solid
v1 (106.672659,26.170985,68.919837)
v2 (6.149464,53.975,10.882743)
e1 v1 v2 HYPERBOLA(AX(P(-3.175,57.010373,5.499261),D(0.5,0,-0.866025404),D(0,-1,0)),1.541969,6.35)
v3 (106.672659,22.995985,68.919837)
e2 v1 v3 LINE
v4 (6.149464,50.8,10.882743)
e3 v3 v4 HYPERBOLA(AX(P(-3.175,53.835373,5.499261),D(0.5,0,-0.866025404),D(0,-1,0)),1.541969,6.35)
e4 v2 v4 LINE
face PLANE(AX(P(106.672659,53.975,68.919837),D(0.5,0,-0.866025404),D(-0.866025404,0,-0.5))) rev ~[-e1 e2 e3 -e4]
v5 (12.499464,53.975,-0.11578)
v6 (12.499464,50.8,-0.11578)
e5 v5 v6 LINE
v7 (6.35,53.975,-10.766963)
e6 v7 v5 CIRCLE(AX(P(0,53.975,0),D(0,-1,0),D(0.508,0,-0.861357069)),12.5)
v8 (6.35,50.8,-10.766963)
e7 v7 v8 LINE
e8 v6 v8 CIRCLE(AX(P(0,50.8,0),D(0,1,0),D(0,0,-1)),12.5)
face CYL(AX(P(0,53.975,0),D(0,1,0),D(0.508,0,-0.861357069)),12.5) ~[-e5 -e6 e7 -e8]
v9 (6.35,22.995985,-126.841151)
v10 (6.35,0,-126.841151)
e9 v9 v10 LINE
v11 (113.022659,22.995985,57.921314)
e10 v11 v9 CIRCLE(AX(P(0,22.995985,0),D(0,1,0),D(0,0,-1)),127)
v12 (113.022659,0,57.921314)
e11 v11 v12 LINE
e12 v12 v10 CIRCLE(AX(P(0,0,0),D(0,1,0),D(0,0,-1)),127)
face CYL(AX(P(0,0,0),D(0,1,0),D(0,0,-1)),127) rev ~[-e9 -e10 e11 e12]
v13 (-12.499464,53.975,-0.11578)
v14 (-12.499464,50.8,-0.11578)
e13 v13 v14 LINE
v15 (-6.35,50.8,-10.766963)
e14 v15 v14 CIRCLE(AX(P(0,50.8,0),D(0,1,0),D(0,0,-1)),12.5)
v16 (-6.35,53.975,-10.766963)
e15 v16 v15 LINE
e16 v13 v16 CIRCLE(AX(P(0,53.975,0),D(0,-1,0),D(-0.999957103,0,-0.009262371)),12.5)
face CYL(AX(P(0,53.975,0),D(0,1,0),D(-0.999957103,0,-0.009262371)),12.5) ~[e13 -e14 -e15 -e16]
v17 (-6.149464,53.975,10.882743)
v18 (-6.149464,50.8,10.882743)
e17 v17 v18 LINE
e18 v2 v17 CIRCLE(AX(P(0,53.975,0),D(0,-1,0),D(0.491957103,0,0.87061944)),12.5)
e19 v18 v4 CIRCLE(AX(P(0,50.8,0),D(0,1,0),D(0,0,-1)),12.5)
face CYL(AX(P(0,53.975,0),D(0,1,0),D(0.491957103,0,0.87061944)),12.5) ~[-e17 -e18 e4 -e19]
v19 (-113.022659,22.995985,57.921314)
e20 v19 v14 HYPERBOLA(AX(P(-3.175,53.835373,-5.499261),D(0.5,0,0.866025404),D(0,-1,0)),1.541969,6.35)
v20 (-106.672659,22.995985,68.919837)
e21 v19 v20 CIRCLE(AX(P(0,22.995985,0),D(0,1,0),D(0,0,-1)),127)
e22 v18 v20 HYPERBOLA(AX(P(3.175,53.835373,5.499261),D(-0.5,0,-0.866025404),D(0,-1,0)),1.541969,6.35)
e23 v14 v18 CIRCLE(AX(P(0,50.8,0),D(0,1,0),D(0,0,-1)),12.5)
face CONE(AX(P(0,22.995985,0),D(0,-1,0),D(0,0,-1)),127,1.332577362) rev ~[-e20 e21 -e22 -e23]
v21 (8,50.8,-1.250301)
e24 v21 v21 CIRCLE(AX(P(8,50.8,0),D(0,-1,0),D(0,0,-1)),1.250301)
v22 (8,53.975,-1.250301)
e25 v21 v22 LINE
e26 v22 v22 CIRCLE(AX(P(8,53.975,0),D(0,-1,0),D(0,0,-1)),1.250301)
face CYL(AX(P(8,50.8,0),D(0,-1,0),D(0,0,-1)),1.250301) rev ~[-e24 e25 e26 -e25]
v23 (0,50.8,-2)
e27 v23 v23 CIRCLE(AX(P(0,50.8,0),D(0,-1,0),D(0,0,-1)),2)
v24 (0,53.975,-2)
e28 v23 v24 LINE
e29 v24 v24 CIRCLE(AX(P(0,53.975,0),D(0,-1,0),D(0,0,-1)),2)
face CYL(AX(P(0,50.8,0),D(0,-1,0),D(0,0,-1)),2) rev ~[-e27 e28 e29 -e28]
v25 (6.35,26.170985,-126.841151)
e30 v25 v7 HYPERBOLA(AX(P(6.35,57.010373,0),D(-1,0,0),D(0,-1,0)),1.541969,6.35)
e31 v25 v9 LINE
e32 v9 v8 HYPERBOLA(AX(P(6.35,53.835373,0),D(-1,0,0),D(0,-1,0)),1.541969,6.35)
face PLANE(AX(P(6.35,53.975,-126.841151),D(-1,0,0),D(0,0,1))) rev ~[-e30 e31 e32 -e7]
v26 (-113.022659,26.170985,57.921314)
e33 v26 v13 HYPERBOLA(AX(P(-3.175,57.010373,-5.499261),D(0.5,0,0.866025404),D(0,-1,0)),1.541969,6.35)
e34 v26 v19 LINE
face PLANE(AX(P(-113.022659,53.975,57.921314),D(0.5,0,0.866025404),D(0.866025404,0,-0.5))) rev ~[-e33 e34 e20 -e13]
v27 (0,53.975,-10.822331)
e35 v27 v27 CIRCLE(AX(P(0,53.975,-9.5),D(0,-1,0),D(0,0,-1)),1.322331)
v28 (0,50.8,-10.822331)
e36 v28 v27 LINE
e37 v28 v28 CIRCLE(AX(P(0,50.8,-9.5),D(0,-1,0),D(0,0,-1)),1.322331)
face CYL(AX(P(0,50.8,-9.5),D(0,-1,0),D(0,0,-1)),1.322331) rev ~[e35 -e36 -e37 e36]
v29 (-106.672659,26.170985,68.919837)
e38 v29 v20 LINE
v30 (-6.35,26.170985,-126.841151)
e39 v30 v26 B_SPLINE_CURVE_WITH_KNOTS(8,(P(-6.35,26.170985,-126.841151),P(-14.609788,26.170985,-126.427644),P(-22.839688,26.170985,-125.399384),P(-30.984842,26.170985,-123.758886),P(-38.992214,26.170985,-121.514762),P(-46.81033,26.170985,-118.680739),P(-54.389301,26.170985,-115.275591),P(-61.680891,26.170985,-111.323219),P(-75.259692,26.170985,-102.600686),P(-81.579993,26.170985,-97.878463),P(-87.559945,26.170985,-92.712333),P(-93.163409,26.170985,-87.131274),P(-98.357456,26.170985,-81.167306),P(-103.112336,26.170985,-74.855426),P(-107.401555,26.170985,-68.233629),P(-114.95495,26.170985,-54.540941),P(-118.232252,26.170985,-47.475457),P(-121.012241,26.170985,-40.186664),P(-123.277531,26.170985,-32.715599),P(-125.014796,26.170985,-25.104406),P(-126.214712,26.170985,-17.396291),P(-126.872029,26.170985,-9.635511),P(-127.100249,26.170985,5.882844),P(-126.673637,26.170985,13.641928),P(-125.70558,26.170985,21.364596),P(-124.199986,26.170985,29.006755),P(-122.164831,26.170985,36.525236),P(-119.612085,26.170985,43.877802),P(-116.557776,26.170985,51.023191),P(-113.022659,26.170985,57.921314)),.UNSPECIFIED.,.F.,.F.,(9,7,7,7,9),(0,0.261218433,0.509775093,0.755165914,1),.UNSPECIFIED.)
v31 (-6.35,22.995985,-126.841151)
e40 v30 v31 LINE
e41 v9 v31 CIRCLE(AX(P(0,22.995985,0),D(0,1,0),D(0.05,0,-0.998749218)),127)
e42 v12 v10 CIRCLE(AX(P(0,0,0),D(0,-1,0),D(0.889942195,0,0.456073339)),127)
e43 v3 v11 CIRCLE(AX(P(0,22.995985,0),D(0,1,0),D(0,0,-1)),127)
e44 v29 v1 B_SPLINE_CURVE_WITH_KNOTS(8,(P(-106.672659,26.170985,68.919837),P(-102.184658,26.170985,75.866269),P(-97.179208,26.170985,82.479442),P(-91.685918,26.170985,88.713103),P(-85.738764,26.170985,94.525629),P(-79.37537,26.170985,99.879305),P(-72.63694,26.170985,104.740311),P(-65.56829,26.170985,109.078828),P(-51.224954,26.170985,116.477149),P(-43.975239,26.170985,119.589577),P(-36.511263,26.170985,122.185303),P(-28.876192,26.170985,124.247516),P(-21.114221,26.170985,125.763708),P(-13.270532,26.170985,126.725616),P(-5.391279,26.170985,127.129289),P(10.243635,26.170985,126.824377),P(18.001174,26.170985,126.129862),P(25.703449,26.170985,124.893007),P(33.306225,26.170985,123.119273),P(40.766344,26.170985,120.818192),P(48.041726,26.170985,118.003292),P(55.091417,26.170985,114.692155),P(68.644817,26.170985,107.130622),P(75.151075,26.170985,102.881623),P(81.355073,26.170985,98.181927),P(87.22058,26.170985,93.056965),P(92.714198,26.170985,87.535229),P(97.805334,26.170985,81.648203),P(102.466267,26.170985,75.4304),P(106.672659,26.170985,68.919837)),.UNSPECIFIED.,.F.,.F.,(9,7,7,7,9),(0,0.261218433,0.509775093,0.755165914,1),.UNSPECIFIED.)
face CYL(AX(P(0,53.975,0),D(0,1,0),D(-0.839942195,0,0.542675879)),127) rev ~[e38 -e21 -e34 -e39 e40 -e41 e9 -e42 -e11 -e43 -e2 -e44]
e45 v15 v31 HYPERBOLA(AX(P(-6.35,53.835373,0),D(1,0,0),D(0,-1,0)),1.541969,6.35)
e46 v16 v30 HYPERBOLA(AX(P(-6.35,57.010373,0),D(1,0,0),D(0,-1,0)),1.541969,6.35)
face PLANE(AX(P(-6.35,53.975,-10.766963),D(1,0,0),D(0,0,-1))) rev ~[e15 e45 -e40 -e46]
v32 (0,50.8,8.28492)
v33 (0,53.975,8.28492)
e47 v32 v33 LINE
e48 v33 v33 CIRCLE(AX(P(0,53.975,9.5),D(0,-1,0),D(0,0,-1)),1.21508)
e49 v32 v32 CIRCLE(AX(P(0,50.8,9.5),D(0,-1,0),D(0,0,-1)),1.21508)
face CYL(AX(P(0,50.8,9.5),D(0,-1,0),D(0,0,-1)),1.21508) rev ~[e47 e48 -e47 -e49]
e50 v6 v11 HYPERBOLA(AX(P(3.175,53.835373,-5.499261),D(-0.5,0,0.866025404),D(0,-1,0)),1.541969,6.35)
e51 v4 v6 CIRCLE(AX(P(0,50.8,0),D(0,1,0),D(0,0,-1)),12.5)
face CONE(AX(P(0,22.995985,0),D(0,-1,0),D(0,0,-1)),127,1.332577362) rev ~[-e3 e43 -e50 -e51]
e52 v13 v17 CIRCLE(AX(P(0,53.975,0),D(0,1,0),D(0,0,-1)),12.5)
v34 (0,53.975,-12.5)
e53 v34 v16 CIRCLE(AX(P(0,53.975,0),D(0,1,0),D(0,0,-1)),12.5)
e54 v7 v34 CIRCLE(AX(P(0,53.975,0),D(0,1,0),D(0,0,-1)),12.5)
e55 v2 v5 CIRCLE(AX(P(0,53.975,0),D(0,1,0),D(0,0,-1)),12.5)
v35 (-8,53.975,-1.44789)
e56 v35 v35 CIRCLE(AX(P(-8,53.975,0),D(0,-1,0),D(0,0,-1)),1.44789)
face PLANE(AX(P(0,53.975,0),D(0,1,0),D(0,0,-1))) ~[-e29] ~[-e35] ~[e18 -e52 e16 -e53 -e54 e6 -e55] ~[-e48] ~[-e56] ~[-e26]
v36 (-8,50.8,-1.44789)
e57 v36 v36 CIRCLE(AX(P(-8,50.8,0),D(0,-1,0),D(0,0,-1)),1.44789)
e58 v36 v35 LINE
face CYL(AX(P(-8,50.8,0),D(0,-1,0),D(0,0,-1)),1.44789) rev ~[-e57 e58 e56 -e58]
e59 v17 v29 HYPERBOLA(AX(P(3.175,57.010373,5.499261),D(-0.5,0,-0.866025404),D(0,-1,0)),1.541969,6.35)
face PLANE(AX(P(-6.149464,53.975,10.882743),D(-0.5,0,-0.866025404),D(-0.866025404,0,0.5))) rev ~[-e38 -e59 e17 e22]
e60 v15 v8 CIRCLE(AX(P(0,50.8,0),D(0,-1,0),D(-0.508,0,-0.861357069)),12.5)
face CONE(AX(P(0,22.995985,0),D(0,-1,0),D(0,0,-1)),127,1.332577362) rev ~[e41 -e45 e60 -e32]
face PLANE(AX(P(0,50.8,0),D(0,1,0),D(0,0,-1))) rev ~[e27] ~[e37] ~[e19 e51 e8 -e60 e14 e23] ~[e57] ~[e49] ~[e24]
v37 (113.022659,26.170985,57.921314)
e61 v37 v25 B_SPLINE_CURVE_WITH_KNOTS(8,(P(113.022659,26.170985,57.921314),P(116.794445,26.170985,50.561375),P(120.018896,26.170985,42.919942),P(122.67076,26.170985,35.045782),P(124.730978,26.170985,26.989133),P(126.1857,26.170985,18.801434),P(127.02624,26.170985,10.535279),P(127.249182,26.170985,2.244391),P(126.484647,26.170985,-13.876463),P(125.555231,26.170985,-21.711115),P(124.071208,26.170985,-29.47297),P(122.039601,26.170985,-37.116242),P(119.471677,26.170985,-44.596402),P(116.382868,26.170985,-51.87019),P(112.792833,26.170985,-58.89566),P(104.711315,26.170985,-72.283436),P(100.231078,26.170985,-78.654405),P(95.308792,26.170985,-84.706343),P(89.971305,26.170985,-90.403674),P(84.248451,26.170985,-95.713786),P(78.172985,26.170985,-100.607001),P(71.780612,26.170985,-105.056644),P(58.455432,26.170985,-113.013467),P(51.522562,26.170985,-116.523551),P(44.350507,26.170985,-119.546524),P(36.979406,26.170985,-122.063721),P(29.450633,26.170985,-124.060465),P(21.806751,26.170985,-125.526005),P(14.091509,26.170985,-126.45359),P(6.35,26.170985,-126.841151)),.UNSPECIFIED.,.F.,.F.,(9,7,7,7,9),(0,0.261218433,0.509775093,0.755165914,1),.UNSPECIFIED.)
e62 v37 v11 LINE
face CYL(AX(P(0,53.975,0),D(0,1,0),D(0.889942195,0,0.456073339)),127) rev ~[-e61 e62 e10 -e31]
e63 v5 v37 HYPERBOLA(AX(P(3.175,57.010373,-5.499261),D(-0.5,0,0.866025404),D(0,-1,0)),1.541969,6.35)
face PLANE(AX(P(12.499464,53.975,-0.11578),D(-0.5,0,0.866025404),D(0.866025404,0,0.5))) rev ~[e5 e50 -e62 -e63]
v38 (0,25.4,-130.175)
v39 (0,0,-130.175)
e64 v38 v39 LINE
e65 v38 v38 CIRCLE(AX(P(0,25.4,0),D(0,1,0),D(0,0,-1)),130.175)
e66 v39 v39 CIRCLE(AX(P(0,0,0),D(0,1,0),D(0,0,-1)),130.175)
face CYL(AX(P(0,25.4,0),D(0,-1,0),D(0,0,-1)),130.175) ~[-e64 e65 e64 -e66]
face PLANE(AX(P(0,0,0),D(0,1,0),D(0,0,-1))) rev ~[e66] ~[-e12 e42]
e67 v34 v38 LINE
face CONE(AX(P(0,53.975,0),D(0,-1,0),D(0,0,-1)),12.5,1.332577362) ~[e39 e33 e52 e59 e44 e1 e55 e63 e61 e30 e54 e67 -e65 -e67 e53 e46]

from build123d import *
from build123d.topology import SkipClean

# Parameters (mm, degrees)
CUT_EXTRUDE1_DEPTH = 192.844629518
SKETCH5_R          = 2
SKETCH5_R_2        = 1.215079891
SKETCH5_R_3        = 1.250300915
SKETCH5_R_4        = 1.322330992
SKETCH5_R_5        = 1.447889858
CUT_EXTRUDE3_DEPTH = 191.975656334


with BuildPart() as part:
    # Sketch1 → Revolve1 (revolve)
    with BuildSketch(Plane.XY, mode=Mode.PRIVATE) as revolve1_sk:
        Polygon((0, 50.8), (0, 53.975), (12.5, 53.975), (130.175, 25.4), (130.175, 0), (127, 0), (127, 22.995984704), (12.5, 50.8), align=None)
    revolve(revolve1_sk.sketch.rotate(Axis((0, 50.8, 0), (0, 1, 0)), 90), axis=Axis((0, 50.8, 0), (0, 1, 0)))

    # Sketch2 → Cut-Extrude1 (cut, through all)
    with SkipClean():  # the faces are left unmerged after this step: merging them gives an invalid solid
        with BuildSketch(Plane(origin=(0, 53.975, 0), x_dir=(1, 0, 0), z_dir=(0, 1, 0))):
            with BuildLine():
                ThreePointArc((-12.499463792, 0.115779634), (-10.825317547, 6.25), (-6.35, 10.76696336))
                Line((-6.35, 10.76696336), (-6.35, 126.841150657))
                ThreePointArc((-6.35, 126.841150657), (-109.985226281, 63.5), (-113.022658714, -57.921314014))
                Line((-113.022658714, -57.921314014), (-12.499463792, 0.115779634))
            make_face()
            with BuildLine():
                Line((6.35, 126.841150657), (6.35, 10.76696336))
                ThreePointArc((6.35, 10.76696336), (10.825317547, 6.25), (12.499463792, 0.115779634))
                Line((12.499463792, 0.115779634), (113.022658714, -57.921314014))
                ThreePointArc((113.022658714, -57.921314014), (109.985226281, 63.5), (6.35, 126.841150657))
            make_face()
            with BuildLine():
                ThreePointArc((6.149463792, -10.882742994), (0, -12.5), (-6.149463792, -10.882742994))
                Line((-6.149463792, -10.882742994), (-106.672658714, -68.919836643))
                ThreePointArc((-106.672658714, -68.919836643), (0, -127), (106.672658714, -68.919836643))
                Line((106.672658714, -68.919836643), (6.149463792, -10.882742994))
            make_face()
        extrude(amount=-CUT_EXTRUDE1_DEPTH, mode=Mode.SUBTRACT)

    # Sketch5 → Cut-Extrude3 (cut, through all)
    with BuildSketch(Plane.XZ.offset(-50.8)):
        with Locations(Location((0, 0, 0), (0, 0, 270))):
            Circle(SKETCH5_R)
        with Locations(Location((0, 9.5, 0), (0, 0, 270))):
            Circle(SKETCH5_R_2)
        with Locations(Location((8, 0, 0), (0, 0, 270))):
            Circle(SKETCH5_R_3)
        with Locations(Location((0, -9.5, 0), (0, 0, 270))):
            Circle(SKETCH5_R_4)
        with Locations(Location((-8, 0, 0), (0, 0, 270))):
            Circle(SKETCH5_R_5)
    extrude(amount=-CUT_EXTRUDE3_DEPTH, mode=Mode.SUBTRACT)


solid = part.part
